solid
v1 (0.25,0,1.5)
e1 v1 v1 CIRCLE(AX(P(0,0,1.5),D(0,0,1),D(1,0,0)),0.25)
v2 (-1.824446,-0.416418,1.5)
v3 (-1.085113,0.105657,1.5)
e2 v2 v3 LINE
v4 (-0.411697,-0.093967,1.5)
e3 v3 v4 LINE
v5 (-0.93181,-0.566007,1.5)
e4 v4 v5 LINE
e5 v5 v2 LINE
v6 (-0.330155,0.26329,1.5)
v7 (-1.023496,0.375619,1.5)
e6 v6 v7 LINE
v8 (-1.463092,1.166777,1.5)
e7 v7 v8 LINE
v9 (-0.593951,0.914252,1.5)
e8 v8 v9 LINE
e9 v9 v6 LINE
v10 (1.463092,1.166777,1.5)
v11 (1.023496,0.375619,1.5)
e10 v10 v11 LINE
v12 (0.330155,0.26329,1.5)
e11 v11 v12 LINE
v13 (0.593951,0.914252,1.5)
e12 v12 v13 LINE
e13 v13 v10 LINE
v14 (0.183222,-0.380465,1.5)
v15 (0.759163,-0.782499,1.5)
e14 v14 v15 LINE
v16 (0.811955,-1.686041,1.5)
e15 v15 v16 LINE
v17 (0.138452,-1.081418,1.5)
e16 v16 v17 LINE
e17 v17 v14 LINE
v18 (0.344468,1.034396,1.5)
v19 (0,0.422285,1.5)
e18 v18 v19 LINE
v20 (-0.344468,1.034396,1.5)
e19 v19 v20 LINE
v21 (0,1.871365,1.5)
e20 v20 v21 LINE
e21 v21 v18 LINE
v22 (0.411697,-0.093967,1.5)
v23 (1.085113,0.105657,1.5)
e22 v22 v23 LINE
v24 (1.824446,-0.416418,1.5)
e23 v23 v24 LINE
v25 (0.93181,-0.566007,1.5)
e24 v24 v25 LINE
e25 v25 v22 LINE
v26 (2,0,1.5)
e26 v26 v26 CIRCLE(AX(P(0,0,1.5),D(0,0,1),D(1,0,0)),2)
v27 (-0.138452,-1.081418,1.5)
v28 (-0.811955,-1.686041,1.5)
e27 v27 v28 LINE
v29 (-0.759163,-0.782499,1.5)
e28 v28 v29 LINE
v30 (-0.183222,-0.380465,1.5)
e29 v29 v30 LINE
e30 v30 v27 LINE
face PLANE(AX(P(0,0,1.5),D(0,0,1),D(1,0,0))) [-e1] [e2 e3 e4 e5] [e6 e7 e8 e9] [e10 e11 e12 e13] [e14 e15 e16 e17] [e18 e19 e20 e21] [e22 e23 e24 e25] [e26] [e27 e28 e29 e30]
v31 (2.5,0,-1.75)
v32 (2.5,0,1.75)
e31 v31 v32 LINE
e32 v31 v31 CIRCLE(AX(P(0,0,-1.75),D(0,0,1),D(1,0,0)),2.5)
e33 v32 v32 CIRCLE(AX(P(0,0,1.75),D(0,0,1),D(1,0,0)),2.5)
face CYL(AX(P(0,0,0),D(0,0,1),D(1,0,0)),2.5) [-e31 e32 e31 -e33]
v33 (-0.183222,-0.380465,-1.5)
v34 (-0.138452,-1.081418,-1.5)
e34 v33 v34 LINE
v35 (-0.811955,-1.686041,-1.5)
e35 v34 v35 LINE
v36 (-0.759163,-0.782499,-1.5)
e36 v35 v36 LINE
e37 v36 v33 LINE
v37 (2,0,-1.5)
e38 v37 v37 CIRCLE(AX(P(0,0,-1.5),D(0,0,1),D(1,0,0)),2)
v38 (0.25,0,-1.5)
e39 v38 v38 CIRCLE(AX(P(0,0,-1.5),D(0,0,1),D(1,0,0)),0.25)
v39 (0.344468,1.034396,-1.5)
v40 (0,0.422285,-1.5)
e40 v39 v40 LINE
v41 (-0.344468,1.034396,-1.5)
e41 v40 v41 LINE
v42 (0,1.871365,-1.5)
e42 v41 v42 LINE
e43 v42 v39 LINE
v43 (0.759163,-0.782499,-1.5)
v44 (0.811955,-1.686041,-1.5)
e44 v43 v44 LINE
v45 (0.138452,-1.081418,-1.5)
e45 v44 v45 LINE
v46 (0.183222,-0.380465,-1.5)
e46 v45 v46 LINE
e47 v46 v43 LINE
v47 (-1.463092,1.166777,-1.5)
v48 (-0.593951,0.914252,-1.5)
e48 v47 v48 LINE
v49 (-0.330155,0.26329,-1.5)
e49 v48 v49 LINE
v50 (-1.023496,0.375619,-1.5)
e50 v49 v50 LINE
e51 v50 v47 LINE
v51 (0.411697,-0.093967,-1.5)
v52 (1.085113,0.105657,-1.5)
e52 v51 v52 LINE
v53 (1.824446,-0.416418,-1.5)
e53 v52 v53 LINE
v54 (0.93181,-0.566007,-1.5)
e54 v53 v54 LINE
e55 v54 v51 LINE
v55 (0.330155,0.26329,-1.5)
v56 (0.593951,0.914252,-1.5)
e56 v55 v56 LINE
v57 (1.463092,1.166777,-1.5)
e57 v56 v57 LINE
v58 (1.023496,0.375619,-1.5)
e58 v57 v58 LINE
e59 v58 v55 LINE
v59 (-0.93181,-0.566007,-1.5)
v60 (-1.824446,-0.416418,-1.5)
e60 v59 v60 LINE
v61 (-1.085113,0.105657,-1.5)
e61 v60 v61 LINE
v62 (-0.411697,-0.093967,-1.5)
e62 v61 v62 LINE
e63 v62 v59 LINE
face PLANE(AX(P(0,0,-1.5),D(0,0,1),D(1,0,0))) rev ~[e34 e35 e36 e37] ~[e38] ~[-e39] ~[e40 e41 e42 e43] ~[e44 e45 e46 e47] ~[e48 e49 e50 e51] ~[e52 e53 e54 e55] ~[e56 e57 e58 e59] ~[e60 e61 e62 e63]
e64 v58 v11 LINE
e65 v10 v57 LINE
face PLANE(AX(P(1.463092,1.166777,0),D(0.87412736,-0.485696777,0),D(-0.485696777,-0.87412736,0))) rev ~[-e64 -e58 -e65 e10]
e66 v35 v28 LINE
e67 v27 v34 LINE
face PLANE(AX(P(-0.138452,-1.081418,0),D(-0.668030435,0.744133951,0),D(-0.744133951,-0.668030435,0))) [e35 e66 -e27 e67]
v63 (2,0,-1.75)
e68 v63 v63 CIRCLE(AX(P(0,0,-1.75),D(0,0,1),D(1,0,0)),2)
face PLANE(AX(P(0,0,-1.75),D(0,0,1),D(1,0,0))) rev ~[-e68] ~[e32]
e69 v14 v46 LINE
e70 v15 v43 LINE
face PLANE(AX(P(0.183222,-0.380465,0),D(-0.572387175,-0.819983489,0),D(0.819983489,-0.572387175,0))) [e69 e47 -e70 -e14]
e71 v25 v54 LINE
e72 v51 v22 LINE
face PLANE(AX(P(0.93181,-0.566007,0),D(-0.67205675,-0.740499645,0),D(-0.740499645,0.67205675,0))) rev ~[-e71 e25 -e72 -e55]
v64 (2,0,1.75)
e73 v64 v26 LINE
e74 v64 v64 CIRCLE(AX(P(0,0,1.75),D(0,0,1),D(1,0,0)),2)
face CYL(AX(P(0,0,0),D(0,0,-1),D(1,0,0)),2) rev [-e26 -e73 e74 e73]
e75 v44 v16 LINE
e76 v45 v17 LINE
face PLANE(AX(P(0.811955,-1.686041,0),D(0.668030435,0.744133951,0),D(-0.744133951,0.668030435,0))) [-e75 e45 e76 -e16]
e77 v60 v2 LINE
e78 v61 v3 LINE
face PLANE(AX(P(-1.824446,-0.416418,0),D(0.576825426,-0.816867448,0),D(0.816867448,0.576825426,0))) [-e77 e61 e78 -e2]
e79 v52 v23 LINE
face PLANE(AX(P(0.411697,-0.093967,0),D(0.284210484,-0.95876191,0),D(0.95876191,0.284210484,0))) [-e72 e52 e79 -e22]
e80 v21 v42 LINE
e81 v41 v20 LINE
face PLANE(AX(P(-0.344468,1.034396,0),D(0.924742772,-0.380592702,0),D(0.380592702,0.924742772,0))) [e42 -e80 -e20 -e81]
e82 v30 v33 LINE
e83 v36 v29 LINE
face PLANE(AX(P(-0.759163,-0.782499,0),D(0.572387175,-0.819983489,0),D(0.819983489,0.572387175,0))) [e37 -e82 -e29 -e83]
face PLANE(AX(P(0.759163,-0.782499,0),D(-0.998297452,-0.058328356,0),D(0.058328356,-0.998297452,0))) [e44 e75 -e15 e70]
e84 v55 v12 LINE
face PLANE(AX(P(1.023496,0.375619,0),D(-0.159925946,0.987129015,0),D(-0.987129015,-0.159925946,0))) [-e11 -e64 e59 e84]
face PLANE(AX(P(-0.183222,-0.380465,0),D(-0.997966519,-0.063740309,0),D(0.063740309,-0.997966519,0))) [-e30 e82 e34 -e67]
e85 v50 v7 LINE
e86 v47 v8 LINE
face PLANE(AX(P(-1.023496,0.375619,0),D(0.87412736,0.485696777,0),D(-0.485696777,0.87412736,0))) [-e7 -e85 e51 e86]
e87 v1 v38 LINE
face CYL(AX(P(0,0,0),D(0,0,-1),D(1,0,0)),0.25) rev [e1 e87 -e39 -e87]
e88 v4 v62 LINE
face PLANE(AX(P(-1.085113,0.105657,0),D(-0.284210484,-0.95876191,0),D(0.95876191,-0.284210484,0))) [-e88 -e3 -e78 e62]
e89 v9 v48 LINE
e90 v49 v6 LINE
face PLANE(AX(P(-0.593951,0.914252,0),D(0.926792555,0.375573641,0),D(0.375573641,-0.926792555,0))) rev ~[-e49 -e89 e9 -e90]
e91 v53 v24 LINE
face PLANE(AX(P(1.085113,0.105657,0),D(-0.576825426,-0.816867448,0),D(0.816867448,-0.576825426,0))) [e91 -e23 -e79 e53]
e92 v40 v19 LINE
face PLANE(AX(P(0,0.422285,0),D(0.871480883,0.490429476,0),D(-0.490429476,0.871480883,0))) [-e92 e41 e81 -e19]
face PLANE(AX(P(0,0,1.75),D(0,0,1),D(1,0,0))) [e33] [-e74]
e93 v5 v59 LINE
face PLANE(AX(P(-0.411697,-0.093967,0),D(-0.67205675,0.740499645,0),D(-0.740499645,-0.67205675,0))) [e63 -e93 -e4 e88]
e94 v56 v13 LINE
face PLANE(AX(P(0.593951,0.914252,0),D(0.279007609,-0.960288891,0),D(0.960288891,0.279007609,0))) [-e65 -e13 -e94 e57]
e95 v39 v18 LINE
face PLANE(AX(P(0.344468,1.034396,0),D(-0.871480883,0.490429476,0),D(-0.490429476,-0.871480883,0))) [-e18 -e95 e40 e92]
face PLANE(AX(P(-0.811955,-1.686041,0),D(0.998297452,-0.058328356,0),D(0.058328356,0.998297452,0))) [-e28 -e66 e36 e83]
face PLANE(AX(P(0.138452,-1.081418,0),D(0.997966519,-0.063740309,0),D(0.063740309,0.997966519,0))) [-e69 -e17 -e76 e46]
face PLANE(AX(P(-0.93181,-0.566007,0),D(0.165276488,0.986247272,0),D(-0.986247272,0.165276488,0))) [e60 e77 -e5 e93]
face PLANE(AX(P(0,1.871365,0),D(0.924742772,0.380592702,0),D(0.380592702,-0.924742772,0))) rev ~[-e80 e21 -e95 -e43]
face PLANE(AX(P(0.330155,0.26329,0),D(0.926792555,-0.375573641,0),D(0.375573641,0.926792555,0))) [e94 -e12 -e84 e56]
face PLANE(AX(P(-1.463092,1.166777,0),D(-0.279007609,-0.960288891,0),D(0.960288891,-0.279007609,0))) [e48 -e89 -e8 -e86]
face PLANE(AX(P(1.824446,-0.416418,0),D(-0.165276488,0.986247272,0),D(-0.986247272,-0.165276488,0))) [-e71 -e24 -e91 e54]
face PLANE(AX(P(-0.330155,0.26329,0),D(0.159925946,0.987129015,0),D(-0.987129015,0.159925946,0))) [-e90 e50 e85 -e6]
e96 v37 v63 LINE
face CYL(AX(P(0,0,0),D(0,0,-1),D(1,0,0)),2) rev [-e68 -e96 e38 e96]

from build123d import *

# Parameters (mm, degrees)
F0_R     = 2
F0_R_2   = 0.25
F1_DEPTH = 1.5
F0_R_3   = 2.5
F2_DEPTH = 1.75


with BuildPart() as f1:
    # F0 (on Top) → F1 (new body, symmetric)
    with BuildSketch(Plane.XY):
        Circle(F0_R)
        Polygon((-0.811955, -1.686041), (-0.759163, -0.782499), (-0.183222, -0.380465), (-0.138452, -1.081418), align=None, mode=Mode.SUBTRACT)
        Polygon((-1.824446, -0.416418), (-1.085113, 0.105657), (-0.411697, -0.093967), (-0.93181, -0.566007), align=None, mode=Mode.SUBTRACT)
        Polygon((0.811955, -1.686041), (0.138452, -1.081418), (0.183222, -0.380465), (0.759163, -0.782499), align=None, mode=Mode.SUBTRACT)
        Polygon((1.824446, -0.416418), (0.93181, -0.566007), (0.411697, -0.093967), (1.085113, 0.105657), align=None, mode=Mode.SUBTRACT)
        Polygon((-1.463092, 1.166777), (-0.593951, 0.914252), (-0.330155, 0.26329), (-1.023496, 0.375619), align=None, mode=Mode.SUBTRACT)
        Circle(F0_R_2, mode=Mode.SUBTRACT)
        Polygon((-0.344468, 1.034396), (0, 1.871365), (0.344468, 1.034396), (0, 0.422285), align=None, mode=Mode.SUBTRACT)
        Polygon((1.463092, 1.166777), (1.023496, 0.375619), (0.330155, 0.26329), (0.593951, 0.914252), align=None, mode=Mode.SUBTRACT)
    extrude(amount=F1_DEPTH, both=True)

    # F0 (on Top) → F2 (join, symmetric)
    with BuildSketch(Plane.XY):
        Circle(F0_R_3)
        Circle(F0_R, mode=Mode.SUBTRACT)
    extrude(amount=F2_DEPTH, both=True)


solid = f1.part
